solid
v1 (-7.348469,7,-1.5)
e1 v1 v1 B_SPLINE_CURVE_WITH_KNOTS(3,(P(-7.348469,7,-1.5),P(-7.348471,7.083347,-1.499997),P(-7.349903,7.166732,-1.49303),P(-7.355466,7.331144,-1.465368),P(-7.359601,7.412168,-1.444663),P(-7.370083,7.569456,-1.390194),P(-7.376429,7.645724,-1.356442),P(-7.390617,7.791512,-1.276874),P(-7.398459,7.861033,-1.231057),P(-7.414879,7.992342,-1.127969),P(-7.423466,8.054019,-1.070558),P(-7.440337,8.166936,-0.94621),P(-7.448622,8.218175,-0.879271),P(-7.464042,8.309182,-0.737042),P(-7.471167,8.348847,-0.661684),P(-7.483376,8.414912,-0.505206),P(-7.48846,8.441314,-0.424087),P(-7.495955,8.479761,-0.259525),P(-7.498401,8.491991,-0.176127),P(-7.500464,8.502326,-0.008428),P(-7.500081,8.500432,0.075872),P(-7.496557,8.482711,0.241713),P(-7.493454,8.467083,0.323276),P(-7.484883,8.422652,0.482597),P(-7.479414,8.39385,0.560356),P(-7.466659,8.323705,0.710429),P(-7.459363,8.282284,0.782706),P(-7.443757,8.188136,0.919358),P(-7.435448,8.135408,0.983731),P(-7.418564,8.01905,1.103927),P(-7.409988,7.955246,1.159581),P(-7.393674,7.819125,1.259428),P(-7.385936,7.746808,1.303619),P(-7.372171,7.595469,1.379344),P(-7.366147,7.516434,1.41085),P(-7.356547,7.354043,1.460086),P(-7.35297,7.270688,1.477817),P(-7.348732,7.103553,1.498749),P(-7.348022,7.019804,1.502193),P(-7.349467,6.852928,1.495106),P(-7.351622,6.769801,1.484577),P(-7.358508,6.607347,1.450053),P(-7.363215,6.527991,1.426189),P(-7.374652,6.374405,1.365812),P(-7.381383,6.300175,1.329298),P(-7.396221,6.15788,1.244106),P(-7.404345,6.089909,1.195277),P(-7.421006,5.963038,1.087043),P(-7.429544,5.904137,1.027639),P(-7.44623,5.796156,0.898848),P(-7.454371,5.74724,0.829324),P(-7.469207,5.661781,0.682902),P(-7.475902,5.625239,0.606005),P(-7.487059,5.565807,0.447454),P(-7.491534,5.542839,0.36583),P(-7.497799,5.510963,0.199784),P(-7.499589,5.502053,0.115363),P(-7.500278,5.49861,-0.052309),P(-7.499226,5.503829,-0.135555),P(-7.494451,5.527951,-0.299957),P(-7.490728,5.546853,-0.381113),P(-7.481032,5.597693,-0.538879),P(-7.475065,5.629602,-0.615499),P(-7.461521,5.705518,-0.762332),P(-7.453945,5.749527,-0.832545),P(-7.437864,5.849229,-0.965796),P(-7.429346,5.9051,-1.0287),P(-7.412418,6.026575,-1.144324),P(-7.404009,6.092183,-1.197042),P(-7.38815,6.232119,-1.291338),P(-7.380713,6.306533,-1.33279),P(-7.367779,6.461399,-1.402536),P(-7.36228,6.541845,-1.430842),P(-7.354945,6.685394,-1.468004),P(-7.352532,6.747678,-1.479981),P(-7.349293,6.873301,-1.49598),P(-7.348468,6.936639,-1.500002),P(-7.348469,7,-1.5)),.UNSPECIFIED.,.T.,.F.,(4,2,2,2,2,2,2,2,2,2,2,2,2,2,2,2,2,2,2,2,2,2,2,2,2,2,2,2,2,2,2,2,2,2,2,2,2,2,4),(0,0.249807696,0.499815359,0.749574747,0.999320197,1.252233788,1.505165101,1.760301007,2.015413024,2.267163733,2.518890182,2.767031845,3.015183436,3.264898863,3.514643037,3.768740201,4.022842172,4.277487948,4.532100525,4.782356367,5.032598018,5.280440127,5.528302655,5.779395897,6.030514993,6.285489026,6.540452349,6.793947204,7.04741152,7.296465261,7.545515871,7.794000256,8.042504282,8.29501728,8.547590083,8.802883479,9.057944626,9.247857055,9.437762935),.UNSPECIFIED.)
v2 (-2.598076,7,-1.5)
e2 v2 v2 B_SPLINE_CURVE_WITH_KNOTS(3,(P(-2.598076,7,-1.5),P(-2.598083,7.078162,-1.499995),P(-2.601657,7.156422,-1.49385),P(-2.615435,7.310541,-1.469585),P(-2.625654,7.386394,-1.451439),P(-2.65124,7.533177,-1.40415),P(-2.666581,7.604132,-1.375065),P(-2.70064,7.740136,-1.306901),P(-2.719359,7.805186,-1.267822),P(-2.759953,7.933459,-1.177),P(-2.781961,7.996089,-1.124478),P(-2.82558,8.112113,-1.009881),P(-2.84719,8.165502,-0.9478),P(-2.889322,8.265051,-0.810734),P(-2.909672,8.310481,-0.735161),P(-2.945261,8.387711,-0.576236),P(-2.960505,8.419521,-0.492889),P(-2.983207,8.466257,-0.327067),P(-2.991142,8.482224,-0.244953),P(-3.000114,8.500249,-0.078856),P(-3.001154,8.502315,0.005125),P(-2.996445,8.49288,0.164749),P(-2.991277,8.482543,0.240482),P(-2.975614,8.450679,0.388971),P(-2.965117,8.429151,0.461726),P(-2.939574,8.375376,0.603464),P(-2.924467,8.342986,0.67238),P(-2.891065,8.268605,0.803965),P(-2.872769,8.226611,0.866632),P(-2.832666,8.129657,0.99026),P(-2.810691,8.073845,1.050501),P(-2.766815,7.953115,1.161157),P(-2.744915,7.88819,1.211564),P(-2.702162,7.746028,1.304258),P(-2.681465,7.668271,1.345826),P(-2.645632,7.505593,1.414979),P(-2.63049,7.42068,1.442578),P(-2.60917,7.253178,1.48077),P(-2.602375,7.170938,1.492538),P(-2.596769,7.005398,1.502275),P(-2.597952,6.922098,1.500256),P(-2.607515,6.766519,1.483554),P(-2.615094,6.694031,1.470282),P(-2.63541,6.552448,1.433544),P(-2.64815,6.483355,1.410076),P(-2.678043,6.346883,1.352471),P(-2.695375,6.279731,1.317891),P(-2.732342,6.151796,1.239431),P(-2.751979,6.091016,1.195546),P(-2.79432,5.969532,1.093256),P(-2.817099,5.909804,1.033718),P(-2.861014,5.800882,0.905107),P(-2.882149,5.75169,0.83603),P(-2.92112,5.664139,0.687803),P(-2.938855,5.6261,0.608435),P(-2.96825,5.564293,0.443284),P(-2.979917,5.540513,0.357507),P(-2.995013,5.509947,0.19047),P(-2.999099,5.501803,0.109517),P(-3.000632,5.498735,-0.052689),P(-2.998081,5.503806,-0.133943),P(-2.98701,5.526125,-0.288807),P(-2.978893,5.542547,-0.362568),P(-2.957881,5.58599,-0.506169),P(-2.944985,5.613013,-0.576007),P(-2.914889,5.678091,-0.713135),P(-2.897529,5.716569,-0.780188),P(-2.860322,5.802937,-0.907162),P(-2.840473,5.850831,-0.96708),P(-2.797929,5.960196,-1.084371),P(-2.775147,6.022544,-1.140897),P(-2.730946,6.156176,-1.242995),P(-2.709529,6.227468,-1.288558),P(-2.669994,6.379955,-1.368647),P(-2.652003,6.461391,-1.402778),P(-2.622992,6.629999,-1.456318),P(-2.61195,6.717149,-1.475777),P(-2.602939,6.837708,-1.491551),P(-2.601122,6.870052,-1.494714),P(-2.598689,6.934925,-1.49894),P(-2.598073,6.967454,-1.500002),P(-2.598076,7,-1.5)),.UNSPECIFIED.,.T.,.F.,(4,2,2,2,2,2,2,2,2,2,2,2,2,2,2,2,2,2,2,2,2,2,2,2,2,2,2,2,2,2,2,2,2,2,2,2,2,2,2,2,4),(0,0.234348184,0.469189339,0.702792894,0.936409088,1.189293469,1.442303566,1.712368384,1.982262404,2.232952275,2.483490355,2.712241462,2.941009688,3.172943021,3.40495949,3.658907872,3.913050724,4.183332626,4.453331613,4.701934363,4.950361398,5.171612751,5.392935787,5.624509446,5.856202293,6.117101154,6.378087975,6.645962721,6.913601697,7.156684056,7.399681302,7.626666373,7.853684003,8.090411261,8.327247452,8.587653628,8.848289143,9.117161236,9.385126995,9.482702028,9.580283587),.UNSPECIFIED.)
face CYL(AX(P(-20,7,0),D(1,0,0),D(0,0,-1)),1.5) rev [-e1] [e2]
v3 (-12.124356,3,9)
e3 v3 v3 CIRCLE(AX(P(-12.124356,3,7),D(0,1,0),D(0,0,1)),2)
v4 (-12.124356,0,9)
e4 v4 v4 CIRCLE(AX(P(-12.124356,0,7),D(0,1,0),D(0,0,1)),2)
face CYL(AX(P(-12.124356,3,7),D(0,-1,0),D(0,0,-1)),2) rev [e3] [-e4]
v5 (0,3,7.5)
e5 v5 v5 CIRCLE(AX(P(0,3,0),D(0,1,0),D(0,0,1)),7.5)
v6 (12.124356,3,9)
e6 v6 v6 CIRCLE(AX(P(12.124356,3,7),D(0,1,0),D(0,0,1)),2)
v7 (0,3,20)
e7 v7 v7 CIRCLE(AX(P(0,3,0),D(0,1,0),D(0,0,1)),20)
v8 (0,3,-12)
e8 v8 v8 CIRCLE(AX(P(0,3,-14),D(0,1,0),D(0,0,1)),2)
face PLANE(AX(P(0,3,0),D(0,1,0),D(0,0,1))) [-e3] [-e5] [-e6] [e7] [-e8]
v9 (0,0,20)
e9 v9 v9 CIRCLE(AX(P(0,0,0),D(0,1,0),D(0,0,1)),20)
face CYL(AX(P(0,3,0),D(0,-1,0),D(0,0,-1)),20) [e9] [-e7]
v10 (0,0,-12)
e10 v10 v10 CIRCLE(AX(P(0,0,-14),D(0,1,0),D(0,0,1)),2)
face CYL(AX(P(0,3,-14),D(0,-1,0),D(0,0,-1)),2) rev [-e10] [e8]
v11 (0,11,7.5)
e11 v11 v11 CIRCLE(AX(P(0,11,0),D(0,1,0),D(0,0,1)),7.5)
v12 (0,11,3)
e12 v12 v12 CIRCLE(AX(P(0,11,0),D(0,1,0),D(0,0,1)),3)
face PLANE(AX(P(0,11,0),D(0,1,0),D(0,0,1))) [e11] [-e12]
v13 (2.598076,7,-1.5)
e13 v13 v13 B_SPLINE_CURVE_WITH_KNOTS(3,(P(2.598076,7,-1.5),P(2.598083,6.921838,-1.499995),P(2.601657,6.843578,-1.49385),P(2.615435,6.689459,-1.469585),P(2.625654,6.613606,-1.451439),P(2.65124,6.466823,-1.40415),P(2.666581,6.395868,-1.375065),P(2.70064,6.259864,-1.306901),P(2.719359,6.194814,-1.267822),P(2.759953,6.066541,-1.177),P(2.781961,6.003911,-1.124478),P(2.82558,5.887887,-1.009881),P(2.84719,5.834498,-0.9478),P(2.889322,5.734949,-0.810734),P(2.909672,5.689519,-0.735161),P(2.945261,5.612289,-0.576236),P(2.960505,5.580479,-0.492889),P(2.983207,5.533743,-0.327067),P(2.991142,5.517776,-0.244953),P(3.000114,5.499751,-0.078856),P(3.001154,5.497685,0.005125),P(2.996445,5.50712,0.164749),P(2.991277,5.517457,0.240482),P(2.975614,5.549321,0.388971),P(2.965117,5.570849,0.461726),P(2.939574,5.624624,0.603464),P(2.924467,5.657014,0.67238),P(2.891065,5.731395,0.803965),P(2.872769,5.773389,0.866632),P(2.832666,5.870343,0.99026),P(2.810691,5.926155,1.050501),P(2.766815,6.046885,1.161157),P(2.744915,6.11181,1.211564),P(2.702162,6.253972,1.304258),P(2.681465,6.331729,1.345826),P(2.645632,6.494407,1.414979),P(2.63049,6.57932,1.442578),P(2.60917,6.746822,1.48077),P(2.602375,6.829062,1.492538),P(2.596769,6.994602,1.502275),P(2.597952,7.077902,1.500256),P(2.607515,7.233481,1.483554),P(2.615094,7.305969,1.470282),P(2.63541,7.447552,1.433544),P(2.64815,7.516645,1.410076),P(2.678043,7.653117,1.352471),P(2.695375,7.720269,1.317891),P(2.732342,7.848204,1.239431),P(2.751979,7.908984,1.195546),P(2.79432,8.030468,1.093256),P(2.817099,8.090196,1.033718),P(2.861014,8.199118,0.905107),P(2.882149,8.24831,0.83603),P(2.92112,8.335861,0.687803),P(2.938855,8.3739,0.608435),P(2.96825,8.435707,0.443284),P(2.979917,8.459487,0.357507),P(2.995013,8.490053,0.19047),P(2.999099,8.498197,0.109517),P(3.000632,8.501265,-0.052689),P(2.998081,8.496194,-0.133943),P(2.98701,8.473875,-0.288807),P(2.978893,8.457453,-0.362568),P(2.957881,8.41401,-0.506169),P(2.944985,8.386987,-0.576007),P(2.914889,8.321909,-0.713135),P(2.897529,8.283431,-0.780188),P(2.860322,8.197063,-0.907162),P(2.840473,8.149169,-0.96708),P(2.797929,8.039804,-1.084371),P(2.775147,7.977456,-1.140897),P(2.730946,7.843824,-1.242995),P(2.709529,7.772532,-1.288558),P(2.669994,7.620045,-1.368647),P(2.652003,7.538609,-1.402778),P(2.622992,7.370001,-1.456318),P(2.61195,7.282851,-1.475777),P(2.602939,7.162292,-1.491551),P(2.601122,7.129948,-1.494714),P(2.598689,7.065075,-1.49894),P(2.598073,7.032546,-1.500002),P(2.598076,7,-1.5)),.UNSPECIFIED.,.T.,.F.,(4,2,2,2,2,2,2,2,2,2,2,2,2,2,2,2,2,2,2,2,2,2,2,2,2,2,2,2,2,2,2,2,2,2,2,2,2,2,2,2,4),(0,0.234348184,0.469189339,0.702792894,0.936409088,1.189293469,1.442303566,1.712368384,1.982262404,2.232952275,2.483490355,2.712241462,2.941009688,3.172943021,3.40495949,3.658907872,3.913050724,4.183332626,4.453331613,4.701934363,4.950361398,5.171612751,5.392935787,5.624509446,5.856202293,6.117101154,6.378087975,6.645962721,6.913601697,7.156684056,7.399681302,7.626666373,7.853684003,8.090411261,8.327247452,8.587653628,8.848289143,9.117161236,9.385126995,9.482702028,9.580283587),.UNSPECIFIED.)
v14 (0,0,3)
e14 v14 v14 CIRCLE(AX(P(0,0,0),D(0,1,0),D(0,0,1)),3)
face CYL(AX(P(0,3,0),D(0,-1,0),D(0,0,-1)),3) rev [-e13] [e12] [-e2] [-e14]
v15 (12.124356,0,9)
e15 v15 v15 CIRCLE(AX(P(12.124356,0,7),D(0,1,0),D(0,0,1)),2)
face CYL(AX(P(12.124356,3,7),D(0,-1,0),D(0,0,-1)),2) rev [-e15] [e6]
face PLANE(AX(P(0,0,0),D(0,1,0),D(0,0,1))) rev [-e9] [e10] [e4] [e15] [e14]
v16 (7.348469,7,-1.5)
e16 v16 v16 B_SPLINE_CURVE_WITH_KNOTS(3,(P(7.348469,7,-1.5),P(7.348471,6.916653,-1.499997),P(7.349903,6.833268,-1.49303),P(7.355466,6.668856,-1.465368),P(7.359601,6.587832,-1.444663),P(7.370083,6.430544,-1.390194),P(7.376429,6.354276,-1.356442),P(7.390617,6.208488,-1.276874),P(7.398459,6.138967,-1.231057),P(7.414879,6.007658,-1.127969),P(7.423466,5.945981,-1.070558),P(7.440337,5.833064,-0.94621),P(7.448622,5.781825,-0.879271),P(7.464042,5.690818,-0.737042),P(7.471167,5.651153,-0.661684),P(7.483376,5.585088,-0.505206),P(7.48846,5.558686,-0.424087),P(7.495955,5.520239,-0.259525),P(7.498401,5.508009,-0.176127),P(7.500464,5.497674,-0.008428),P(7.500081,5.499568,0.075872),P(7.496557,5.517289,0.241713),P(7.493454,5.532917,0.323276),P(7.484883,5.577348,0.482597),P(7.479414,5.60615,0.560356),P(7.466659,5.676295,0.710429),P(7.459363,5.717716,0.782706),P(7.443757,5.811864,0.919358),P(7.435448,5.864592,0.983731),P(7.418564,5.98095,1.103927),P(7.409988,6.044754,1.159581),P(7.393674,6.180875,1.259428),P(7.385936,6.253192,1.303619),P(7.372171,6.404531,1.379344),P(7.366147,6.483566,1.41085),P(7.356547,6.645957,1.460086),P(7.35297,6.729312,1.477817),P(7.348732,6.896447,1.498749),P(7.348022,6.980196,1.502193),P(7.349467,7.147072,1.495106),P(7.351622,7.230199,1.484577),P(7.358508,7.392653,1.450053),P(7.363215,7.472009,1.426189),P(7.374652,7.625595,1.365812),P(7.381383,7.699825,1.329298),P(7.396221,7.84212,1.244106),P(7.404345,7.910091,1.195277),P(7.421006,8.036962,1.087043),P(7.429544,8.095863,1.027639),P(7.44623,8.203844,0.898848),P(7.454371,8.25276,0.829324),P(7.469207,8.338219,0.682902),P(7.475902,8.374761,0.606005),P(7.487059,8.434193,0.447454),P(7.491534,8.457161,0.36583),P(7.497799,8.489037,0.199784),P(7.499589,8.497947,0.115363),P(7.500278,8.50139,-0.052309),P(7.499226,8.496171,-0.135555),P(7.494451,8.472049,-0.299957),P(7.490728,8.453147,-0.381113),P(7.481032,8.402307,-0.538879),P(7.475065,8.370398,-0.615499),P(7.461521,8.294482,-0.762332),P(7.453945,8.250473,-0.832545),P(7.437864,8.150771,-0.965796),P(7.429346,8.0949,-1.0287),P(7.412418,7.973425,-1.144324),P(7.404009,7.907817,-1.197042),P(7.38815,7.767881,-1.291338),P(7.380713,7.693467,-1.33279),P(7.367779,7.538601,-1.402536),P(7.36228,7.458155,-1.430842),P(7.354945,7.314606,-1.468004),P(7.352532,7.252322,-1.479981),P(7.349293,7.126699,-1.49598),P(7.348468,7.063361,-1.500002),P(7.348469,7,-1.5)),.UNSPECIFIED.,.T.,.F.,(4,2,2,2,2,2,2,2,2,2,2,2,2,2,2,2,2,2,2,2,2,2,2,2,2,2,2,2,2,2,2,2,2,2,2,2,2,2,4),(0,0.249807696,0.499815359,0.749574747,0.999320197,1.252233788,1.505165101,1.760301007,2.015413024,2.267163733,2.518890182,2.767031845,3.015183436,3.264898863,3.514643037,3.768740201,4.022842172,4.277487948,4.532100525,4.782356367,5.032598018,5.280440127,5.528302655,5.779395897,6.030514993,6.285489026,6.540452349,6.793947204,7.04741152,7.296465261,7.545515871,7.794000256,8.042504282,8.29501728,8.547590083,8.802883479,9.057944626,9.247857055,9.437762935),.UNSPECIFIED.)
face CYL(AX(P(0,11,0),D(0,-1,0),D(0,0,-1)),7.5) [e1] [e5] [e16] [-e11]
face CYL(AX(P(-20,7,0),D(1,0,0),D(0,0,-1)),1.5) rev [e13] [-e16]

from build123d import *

# Parameters (mm, degrees)
CROQUIS1_R                 = 20
CROQUIS1_R_2               = 2
CROQUIS1_R_3               = 3
SALIENTE_EXTRUIR1_DEPTH    = 3
CROQUIS2_R                 = 7.5
CROQUIS2_R_2               = 3
SALIENTE_EXTRUIR2_DEPTH    = 8
CORTAR_EXTRUIR1_DEPTH      = 31.347981811
CORTAR_EXTRUIR1_DEPTH_BACK = 31.347981811
CROQUIS3_R                 = 1.5


with BuildPart() as part:
    # Croquis1 → Saliente-Extruir1 (new body)
    with BuildSketch(Plane(origin=(0, 0, 0), x_dir=(1, 0, 0), z_dir=(0, 1, 0))):
        with Locations(Location((0, 0, 0), (0, 0, 270))):
            Circle(CROQUIS1_R)
        with Locations(Location((0, 14, 0), (0, 0, 270))):
            Circle(CROQUIS1_R_2, mode=Mode.SUBTRACT)
        with Locations(Location((12.124355653, -7, 0), (0, 0, 270))):
            Circle(CROQUIS1_R_2, mode=Mode.SUBTRACT)
        with Locations(Location((-12.124355653, -7, 0), (0, 0, 270))):
            Circle(CROQUIS1_R_2, mode=Mode.SUBTRACT)
        with Locations(Location((0, 0, 0), (0, 0, 270))):
            Circle(CROQUIS1_R_3, mode=Mode.SUBTRACT)
    extrude(amount=SALIENTE_EXTRUIR1_DEPTH)

    # Croquis2 → Saliente-Extruir2 (add)
    with BuildSketch(Plane(origin=(0, 3, 0), x_dir=(1, 0, 0), z_dir=(0, 1, 0))):
        with Locations(Location((0, 0, 0), (0, 0, 270))):
            Circle(CROQUIS2_R)
        with Locations(Location((0, 0, 0), (0, 0, 270))):
            Circle(CROQUIS2_R_2, mode=Mode.SUBTRACT)
    extrude(amount=SALIENTE_EXTRUIR2_DEPTH)

    # Croquis3 → Cortar-Extruir1 (cut, two sides: drawn at the far end of the back side and taken through both)
    with BuildSketch(Plane(origin=(0, 0, 0), x_dir=(0, 0, -1), z_dir=(1, 0, 0)).offset(-CORTAR_EXTRUIR1_DEPTH_BACK)):
        with Locations((0, 7)):
            Circle(CROQUIS3_R)
    extrude(amount=CORTAR_EXTRUIR1_DEPTH + CORTAR_EXTRUIR1_DEPTH_BACK, mode=Mode.SUBTRACT)


solid = part.part
